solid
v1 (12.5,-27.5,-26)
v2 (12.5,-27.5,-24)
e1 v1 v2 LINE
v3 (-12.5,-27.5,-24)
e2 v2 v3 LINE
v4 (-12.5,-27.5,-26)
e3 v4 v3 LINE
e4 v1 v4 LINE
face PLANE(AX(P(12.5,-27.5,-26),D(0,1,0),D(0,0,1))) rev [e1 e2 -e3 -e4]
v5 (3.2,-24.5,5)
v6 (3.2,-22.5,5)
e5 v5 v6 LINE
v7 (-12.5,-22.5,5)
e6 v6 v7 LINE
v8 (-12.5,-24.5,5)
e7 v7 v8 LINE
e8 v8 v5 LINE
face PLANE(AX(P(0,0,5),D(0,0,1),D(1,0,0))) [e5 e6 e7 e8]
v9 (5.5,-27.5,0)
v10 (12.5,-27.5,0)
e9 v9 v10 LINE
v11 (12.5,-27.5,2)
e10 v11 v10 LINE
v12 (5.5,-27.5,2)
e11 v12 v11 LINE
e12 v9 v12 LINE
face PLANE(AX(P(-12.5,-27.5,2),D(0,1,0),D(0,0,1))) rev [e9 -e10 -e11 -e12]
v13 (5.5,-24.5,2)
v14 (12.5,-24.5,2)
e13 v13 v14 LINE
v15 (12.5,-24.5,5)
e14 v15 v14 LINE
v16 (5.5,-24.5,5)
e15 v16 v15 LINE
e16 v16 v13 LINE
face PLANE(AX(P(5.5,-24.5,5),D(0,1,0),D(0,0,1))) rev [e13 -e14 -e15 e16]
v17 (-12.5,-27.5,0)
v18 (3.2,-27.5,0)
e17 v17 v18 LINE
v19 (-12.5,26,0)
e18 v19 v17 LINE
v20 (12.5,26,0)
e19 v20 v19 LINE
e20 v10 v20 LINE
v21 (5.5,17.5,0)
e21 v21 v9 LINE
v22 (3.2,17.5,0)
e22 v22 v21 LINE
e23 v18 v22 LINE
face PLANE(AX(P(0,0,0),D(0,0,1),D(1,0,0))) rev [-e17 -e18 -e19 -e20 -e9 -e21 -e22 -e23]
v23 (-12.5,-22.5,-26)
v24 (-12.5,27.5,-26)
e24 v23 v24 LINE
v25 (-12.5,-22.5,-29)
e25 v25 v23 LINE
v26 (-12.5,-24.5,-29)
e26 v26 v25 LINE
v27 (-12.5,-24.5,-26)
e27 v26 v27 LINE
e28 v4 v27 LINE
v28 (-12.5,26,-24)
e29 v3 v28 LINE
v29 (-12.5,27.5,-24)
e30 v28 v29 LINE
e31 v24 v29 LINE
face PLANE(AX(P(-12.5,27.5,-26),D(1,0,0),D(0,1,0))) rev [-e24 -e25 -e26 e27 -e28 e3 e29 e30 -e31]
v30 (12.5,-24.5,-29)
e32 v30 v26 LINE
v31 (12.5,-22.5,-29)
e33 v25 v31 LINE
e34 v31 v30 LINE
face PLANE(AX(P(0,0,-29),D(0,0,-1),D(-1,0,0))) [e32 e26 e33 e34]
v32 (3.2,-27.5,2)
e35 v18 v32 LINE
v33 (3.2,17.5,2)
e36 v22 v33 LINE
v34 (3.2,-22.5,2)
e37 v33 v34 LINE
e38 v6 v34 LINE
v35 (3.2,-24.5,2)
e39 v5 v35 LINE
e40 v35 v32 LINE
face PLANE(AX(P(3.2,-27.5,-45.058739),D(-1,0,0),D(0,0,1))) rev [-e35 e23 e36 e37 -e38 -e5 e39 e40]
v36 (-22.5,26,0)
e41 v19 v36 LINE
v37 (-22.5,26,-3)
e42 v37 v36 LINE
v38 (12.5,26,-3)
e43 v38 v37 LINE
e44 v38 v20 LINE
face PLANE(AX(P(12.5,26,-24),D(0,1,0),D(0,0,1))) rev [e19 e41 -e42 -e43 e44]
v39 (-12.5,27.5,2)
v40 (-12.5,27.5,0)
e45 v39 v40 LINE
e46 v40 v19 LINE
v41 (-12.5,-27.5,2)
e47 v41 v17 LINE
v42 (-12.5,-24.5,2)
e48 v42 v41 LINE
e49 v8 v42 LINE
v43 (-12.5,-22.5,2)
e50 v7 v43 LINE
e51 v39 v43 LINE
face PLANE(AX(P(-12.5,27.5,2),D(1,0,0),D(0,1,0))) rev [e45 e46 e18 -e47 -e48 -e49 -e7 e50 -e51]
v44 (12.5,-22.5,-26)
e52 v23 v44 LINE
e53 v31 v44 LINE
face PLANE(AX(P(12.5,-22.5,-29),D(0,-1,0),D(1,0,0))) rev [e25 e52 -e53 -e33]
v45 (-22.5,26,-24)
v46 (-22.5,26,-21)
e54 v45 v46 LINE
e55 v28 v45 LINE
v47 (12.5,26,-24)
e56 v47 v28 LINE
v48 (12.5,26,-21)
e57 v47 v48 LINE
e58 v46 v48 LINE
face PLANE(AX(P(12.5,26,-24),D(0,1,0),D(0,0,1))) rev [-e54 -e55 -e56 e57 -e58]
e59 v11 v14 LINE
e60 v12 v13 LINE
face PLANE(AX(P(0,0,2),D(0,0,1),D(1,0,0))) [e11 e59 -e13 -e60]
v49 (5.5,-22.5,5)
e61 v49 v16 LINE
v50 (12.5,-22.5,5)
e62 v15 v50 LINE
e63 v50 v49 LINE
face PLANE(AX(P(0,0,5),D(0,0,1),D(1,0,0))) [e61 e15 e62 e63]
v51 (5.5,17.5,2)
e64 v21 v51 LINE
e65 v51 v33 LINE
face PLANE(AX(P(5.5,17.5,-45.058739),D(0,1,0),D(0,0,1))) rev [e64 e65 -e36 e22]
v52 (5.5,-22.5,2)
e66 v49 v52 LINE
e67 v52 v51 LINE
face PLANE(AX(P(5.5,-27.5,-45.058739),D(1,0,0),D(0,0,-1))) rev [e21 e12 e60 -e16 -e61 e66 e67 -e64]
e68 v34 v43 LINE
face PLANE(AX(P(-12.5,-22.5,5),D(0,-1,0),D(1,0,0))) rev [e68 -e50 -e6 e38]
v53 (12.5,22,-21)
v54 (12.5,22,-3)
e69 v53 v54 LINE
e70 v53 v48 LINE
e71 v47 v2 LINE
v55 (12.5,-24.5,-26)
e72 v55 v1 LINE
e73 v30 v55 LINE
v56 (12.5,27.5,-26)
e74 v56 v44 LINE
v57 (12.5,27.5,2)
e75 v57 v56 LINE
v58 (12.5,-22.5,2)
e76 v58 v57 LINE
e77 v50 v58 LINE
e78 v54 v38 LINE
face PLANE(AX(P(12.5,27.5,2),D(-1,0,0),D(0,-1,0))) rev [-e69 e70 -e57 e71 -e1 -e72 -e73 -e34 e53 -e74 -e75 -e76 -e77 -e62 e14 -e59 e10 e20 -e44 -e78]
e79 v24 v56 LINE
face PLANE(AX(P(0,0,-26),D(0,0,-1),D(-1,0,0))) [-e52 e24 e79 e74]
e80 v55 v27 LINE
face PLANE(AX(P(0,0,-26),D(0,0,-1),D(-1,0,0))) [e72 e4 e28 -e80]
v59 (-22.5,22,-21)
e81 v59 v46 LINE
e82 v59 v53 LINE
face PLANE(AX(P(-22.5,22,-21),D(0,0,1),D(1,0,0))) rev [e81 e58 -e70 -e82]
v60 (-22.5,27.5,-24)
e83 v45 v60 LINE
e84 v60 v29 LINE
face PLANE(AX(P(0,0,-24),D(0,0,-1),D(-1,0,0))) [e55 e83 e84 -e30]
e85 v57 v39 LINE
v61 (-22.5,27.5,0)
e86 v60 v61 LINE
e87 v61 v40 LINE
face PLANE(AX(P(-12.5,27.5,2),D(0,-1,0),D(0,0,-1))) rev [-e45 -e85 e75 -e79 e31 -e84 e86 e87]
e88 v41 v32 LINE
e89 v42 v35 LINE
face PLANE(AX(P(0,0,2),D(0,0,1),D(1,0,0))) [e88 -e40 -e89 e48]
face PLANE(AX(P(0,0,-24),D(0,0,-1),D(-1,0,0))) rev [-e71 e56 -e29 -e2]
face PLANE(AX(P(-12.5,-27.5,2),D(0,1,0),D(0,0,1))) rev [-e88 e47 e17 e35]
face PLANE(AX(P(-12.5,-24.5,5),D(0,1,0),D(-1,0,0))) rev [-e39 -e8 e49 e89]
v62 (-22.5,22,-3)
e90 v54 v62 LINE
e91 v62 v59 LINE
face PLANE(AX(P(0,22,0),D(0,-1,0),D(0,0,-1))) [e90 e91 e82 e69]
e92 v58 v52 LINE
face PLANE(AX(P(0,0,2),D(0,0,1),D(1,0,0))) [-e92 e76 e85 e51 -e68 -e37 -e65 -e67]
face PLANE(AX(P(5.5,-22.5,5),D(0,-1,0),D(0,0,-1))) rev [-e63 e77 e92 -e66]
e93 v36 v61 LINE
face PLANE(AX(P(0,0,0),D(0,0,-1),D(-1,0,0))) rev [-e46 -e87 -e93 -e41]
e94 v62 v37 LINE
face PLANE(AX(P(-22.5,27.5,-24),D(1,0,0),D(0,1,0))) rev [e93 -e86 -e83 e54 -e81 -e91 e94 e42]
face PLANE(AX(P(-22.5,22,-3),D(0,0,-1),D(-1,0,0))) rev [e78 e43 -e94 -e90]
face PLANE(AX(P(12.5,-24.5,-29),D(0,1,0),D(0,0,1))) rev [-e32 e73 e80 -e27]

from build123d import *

# Parameters (mm, degrees)
SKETCH1_W           = 25
SKETCH1_H           = 55
BOSS_EXTRUDE1_DEPTH = 2
SKETCH2_W           = 35
SKETCH2_H           = 1.5
BOSS_EXTRUDE2_DEPTH = 24
SKETCH3_W           = 25
SKETCH3_H           = 55
BOSS_EXTRUDE3_DEPTH = 2
SKETCH4_W           = 35
SKETCH4_H           = 18
BOSS_EXTRUDE4_DEPTH = 4
SKETCH5_W           = 2.3
SKETCH5_H           = 45
CUT_EXTRUDE1_DEPTH  = 2
SKETCH6_W           = 15.7
SKETCH6_H           = 2
SKETCH6_W_2         = 7
BOSS_EXTRUDE5_DEPTH = 3
SKETCH7_W           = 25
SKETCH7_H           = 2
BOSS_EXTRUDE6_DEPTH = 3


with BuildPart() as part:
    # Sketch1 → Boss-Extrude1 (new body)
    with BuildSketch(Plane.XY):
        Rectangle(SKETCH1_W, SKETCH1_H)
    extrude(amount=BOSS_EXTRUDE1_DEPTH)

    # Sketch2 → Boss-Extrude2 (add)
    with BuildSketch(Plane(origin=(0, 0, 0), x_dir=(-1, 0, 0), z_dir=(0, 0, -1))):
        with Locations((5, 26.75)):
            Rectangle(SKETCH2_W, SKETCH2_H)
    extrude(amount=BOSS_EXTRUDE2_DEPTH)

    # Sketch3 → Boss-Extrude3 (add)
    with BuildSketch(Plane(origin=(0, 0, -24), x_dir=(-1, 0, 0), z_dir=(0, 0, -1))):
        Rectangle(SKETCH3_W, SKETCH3_H)
    extrude(amount=BOSS_EXTRUDE3_DEPTH)

    # Sketch4 → Boss-Extrude4 (add)
    with BuildSketch(Plane.XZ.offset(-26)):
        with Locations((-5, -12)):
            Rectangle(SKETCH4_W, SKETCH4_H)
    extrude(amount=BOSS_EXTRUDE4_DEPTH)

    # Sketch5 → Cut-Extrude1 (cut)
    with BuildSketch(Plane.XY.offset(2)):
        with Locations((4.35, -5)):
            Rectangle(SKETCH5_W, SKETCH5_H)
    extrude(amount=-CUT_EXTRUDE1_DEPTH, mode=Mode.SUBTRACT)

    # Sketch6 → Boss-Extrude5 (add)
    with BuildSketch(Plane.XY.offset(2)):
        with Locations((-4.65, -23.5)):
            Rectangle(SKETCH6_W, SKETCH6_H)
        with Locations((9, -23.5)):
            Rectangle(SKETCH6_W_2, SKETCH6_H)
    extrude(amount=BOSS_EXTRUDE5_DEPTH)

    # Sketch7 → Boss-Extrude6 (add)
    with BuildSketch(Plane(origin=(0, 0, -26), x_dir=(-1, 0, 0), z_dir=(0, 0, -1))):
        with Locations((0, -23.5)):
            Rectangle(SKETCH7_W, SKETCH7_H)
    extrude(amount=BOSS_EXTRUDE6_DEPTH)


solid = part.part
